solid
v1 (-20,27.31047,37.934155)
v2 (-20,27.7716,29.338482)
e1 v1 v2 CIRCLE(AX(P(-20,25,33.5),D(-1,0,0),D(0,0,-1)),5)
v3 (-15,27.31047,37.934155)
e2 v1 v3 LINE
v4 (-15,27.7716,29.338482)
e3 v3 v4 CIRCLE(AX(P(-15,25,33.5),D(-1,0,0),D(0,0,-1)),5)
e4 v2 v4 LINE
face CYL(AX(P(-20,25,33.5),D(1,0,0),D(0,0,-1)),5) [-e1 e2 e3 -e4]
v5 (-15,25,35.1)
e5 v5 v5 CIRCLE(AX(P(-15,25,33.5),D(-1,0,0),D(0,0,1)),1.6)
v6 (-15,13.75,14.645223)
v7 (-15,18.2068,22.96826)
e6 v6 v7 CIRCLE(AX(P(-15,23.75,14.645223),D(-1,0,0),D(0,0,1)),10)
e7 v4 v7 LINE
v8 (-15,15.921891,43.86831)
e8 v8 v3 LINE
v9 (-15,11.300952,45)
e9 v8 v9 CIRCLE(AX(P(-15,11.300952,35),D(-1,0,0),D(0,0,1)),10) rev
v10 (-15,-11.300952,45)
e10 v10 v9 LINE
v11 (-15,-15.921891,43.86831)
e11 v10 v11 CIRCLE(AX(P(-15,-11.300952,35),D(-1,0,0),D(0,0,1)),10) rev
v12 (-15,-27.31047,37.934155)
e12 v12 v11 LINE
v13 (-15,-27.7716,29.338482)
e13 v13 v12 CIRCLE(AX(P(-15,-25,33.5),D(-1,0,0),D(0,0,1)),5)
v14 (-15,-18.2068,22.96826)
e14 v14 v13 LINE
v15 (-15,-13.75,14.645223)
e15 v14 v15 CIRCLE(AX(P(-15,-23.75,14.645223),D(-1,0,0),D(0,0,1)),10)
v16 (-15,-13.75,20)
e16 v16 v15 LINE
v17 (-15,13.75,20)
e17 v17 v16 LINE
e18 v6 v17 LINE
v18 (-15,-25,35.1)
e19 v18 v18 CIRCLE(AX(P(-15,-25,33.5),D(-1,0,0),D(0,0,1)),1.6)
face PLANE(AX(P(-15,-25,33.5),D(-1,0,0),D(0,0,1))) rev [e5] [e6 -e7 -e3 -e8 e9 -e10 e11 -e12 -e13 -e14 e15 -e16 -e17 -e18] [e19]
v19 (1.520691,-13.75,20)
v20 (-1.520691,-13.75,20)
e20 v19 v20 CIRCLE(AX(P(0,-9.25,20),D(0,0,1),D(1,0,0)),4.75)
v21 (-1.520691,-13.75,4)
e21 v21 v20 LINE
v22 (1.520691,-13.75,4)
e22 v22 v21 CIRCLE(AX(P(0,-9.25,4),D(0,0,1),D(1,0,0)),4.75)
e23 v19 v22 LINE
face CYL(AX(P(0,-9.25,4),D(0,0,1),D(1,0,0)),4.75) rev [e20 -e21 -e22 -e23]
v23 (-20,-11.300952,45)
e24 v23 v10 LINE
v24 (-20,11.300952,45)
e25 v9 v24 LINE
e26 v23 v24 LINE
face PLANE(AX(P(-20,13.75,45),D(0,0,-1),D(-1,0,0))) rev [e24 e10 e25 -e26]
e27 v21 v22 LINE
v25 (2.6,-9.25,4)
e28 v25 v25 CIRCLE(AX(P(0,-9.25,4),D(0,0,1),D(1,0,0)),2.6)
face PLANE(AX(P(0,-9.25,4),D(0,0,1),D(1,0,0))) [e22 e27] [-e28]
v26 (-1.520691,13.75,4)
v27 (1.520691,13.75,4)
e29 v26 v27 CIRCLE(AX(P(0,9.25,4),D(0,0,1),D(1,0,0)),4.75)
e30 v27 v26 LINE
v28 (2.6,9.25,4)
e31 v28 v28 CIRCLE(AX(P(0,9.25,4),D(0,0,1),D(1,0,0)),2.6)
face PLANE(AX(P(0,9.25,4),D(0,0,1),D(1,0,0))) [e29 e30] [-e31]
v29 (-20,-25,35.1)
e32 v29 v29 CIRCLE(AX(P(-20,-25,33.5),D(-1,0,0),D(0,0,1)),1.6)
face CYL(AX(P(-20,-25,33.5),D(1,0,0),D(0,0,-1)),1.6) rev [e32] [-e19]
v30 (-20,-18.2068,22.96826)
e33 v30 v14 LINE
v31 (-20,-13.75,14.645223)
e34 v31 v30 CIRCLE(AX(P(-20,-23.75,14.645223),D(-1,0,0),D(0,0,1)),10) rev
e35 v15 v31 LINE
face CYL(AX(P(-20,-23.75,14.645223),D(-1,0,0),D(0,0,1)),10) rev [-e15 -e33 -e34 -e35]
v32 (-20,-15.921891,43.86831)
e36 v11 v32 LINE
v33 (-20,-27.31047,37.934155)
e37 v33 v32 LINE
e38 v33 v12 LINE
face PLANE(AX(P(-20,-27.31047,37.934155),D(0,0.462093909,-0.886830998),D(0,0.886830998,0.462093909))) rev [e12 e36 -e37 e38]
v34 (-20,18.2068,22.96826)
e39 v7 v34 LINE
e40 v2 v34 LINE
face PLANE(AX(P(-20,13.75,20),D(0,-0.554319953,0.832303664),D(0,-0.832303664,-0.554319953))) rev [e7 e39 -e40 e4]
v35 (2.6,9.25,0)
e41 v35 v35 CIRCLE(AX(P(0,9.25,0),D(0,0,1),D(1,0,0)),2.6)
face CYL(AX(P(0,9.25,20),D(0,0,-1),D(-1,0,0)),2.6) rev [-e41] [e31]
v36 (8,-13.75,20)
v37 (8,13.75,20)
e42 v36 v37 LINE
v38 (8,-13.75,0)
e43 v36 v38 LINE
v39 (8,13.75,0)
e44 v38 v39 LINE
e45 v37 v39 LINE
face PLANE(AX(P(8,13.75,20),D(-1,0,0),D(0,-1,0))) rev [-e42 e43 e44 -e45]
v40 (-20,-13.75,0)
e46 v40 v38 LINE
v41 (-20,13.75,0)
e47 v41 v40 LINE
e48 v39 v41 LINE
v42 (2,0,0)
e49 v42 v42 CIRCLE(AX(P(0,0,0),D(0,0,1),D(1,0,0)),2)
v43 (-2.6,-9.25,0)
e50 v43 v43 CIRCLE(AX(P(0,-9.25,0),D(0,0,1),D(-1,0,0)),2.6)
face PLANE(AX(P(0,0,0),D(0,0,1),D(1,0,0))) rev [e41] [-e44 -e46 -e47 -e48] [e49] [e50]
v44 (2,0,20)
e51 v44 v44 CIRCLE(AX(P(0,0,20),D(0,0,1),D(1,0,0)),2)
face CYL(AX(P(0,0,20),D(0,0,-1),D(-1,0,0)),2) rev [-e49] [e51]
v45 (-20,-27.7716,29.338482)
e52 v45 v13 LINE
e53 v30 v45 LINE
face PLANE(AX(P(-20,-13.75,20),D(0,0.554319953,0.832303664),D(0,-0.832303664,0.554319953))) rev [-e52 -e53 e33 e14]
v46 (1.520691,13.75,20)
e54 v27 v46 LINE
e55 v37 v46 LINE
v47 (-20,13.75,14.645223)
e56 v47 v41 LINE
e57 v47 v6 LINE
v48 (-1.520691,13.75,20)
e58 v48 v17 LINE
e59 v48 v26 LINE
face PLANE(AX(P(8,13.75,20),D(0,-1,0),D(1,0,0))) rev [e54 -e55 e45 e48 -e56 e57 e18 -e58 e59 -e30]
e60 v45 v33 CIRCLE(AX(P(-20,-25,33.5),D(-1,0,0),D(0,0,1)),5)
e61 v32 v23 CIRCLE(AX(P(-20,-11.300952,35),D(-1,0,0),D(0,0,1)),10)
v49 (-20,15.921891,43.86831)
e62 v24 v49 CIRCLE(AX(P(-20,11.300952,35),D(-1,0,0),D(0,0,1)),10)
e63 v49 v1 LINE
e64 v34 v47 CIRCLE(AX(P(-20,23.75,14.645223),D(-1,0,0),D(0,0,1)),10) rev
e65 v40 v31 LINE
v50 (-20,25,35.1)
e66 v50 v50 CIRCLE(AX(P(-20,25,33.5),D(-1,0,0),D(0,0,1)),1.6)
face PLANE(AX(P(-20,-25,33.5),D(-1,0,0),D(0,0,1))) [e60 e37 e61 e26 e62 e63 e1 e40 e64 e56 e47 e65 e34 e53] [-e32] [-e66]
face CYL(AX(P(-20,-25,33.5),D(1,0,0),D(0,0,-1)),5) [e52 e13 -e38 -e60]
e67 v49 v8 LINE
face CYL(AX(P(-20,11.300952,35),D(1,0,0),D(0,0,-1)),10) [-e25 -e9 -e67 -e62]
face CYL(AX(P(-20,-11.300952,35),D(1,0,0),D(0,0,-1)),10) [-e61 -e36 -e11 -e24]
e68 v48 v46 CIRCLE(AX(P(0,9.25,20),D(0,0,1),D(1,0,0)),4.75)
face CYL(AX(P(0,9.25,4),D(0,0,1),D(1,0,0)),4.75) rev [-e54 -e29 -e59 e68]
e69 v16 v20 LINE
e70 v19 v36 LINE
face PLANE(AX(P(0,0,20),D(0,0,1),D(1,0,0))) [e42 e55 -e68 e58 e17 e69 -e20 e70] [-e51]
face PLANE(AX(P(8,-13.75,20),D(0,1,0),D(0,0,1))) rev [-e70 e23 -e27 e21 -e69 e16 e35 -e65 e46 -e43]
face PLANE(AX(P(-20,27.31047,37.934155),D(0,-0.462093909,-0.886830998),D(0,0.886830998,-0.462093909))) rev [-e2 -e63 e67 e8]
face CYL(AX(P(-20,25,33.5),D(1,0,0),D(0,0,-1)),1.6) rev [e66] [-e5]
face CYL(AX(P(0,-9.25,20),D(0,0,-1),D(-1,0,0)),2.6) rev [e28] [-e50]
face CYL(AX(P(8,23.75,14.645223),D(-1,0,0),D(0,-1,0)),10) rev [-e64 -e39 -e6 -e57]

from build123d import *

# Parameters (mm, degrees)
SKETCH_1_W          = 23
SKETCH_1_H          = 27.5
SKETCH_1_R          = 2.6
SKETCH_1_R_2        = 2
EXTRUDE_1_DEPTH     = 20
SKETCH_3_R          = 4.75
CUT_EXTRUDE_3_DEPTH = 16
SKETCH_2_R          = 1.6
EXTRUDE_2_DEPTH     = 5
FILLET_1_R          = 10


with BuildPart() as part:
    # 草图1 → 凸台-拉伸1 (new body)
    with BuildSketch(Plane.XY):
        with Locations((-3.5, 0)):
            Rectangle(SKETCH_1_W, SKETCH_1_H)
        with Locations((0, 9.25)):
            Circle(SKETCH_1_R, mode=Mode.SUBTRACT)
        with Locations(Location((0, -9.25, 0), (0, 0, 180))):
            Circle(SKETCH_1_R, mode=Mode.SUBTRACT)
        Circle(SKETCH_1_R_2, mode=Mode.SUBTRACT)
    extrude(amount=EXTRUDE_1_DEPTH)

    # 草图3 → 切除-拉伸3 (cut)
    with BuildSketch(Plane.XY.offset(20)):
        with Locations((0, 9.25)):
            Circle(SKETCH_3_R)
        with Locations((0, -9.25)):
            Circle(SKETCH_3_R)
    extrude(amount=-CUT_EXTRUDE_3_DEPTH, mode=Mode.SUBTRACT)

    # 草图2 → 凸台-拉伸2 (add)
    with BuildSketch(Plane.ZY.offset(15)):
        with BuildLine():
            Line((0, 13.75), (20, 13.75))
            Line((20, 13.75), (29.338481678, 27.771599764))
            ThreePointArc((29.338481678, 27.771599764), (33.767848759, 29.99282055), (37.93415499, 27.310469546))
            Line((37.93415499, 27.310469546), (45, 13.75))
            Line((45, 13.75), (45, -13.75))
            Line((45, -13.75), (37.93415499, -27.310469546))
            ThreePointArc((37.93415499, -27.310469546), (33.767848759, -29.99282055), (29.338481678, -27.771599764))
            Line((29.338481678, -27.771599764), (20, -13.75))
            Line((20, -13.75), (0, -13.75))
            Line((0, -13.75), (0, 13.75))
        make_face()
        with Locations((33.5, 25)):
            Circle(SKETCH_2_R, mode=Mode.SUBTRACT)
        with Locations((33.5, -25)):
            Circle(SKETCH_2_R, mode=Mode.SUBTRACT)
    extrude(amount=EXTRUDE_2_DEPTH)

    # 圆角1
    fillet_1_edges = [part.edges().sort_by_distance(p)[0] for p in [
        (-17.5, -13.75, 20),
        (-17.5, -13.75, 45),
        (-17.5, 13.75, 45),
        (-17.5, 13.75, 20),
    ]]
    fillet(fillet_1_edges, radius=FILLET_1_R)


solid = part.part
